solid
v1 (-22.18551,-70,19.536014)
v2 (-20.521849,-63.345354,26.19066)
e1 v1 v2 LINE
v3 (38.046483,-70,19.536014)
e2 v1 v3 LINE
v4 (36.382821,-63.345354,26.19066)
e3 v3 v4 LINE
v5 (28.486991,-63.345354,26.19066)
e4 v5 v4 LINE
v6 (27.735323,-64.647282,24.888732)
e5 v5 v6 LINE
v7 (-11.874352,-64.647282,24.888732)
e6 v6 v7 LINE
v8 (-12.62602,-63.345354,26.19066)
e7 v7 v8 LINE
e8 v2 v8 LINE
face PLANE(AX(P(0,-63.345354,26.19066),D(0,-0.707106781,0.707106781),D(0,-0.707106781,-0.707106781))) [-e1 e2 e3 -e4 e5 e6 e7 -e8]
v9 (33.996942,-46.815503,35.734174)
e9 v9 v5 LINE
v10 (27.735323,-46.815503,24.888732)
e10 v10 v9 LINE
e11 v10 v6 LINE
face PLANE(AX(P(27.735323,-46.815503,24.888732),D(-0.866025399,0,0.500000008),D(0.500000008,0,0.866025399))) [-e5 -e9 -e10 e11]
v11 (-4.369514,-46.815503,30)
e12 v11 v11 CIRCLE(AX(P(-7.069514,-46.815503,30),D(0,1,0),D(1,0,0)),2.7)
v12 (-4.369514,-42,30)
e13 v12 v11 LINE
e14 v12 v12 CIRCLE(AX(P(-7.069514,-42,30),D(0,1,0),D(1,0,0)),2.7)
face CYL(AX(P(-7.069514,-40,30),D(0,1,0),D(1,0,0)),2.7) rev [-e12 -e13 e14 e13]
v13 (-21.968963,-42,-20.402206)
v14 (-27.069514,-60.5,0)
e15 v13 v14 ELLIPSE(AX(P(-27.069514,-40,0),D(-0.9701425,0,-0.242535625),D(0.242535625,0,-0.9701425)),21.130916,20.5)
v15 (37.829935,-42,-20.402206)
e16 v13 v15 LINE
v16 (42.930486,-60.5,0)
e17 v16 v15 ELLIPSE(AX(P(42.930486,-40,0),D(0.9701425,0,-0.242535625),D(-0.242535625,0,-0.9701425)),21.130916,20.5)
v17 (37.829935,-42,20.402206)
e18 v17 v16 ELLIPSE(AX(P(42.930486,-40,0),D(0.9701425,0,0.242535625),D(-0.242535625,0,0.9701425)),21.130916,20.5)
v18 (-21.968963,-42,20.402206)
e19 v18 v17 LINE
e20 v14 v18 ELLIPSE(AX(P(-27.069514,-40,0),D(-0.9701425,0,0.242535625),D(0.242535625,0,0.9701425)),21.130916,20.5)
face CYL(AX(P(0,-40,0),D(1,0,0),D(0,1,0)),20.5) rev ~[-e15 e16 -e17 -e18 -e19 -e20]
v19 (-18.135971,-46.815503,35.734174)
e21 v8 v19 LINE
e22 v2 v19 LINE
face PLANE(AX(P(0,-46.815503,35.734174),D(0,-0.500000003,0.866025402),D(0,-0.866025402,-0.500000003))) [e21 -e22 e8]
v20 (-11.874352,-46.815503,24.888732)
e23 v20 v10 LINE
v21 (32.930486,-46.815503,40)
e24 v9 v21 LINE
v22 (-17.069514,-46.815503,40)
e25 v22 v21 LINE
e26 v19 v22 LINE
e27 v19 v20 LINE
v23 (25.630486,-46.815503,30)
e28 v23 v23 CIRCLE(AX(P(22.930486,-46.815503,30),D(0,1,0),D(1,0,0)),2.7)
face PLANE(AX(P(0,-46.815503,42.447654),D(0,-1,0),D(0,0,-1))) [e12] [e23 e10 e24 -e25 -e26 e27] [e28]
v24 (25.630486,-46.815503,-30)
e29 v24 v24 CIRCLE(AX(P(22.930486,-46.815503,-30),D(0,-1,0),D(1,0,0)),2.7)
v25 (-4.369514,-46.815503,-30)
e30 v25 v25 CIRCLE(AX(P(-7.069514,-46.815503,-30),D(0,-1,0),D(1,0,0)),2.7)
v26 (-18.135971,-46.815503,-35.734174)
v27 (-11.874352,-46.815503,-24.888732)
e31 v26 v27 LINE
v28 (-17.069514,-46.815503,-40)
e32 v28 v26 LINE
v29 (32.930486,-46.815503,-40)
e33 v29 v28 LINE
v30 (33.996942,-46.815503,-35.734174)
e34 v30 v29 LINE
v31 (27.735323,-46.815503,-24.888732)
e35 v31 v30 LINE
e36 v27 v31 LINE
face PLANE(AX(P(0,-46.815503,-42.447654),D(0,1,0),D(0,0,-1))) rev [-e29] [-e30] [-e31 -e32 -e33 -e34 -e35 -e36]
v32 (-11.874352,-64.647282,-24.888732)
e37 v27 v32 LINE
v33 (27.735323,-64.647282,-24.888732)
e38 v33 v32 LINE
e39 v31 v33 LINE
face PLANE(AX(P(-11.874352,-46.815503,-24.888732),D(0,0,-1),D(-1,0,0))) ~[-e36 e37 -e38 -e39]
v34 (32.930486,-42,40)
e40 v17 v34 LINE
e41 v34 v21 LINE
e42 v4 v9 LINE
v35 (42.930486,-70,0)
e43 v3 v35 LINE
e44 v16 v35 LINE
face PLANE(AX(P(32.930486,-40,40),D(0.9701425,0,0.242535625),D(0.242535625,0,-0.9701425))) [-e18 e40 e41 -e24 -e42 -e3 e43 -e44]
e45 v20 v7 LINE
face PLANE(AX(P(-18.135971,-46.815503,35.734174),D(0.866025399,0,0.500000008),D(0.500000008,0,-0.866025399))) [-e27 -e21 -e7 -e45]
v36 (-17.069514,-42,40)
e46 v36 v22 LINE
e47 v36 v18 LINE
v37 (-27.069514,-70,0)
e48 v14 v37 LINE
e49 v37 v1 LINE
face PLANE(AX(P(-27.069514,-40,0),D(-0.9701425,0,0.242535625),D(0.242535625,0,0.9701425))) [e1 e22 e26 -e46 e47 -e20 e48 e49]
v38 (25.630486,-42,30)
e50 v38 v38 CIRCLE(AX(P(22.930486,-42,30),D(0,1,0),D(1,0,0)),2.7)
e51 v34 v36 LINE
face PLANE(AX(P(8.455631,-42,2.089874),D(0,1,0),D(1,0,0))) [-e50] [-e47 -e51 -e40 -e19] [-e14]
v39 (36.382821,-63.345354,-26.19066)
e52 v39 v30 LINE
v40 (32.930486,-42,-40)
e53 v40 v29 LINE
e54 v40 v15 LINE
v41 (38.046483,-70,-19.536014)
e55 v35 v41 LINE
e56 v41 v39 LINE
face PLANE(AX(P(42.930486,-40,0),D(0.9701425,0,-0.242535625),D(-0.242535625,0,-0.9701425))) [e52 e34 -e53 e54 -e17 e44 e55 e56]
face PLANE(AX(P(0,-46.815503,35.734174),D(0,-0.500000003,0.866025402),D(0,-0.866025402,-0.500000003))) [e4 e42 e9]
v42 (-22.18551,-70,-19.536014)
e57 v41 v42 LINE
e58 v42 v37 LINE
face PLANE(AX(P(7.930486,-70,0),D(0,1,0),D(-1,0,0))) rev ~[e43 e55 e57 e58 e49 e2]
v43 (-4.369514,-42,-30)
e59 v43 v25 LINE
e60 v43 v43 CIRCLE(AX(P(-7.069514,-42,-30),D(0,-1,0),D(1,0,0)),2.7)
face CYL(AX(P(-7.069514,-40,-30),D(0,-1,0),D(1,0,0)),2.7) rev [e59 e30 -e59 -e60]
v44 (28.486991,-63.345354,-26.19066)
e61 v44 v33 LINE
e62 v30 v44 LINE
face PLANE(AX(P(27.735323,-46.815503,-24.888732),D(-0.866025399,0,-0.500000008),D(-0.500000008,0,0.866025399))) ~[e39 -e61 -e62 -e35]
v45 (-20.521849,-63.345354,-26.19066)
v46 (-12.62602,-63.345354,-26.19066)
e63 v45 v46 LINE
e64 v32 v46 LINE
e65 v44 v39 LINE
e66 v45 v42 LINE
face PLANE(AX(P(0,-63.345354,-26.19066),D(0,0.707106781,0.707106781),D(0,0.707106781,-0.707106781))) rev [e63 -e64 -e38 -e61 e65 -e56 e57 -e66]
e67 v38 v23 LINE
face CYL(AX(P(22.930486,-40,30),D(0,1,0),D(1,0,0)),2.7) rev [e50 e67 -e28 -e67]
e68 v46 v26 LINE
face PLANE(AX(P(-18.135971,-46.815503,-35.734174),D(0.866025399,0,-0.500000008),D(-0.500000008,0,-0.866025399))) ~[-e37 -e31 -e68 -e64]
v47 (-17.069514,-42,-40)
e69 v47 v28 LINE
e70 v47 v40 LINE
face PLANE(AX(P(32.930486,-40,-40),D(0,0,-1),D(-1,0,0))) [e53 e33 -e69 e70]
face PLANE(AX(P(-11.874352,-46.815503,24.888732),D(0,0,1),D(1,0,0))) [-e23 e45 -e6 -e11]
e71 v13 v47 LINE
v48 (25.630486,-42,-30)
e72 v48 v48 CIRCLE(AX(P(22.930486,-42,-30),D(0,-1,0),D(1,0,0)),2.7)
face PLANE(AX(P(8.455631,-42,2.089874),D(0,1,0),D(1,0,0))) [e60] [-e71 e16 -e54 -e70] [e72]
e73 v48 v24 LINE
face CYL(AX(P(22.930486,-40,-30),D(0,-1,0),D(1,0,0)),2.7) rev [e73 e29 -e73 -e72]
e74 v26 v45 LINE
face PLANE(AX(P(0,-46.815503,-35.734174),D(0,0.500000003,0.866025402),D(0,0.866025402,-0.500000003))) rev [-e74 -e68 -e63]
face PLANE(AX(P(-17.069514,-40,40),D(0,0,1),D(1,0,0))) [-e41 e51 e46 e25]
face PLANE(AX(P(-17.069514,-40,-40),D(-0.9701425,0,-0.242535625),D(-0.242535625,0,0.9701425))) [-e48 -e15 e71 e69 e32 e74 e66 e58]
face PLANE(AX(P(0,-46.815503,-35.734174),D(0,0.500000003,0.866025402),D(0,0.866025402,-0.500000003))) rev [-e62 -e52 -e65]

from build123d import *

# Parameters (mm, degrees)
PAD004_DEPTH         = 30
SKETCH011_R          = 20.5
POCKET004_DEPTH      = 42.931486
POCKET004_DEPTH_BACK = 27.070514
POCKET005_DEPTH      = 263.838706
POCKET005_DEPTH_BACK = 247.977735
SKETCH013_R          = 2.7
POCKET006_DEPTH      = 220.90822
POCKET006_DEPTH_BACK = 250.90822
POCKET007_DEPTH      = 244.092718
SKETCH024_W          = 115.08152
SKETCH024_H          = 98.641312
POCKET017_DEPTH      = 2


with BuildPart() as part:
    # Sketch010 → Pad004 (new body)
    with BuildSketch(Plane.XZ):
        Polygon((-27.069514, 0), (-17.069514, 40), (32.930486, 40), (42.930486, 0), (32.930486, -40), (-17.069514, -40), align=None)
    extrude(amount=PAD004_DEPTH)

    # Sketch011 → Pocket004 (cut, two sides)
    with BuildSketch(Plane.YZ) as pocket004_sk:
        Circle(SKETCH011_R)
    extrude(amount=POCKET004_DEPTH, mode=Mode.SUBTRACT)
    extrude(pocket004_sk.sketch, amount=-POCKET004_DEPTH_BACK, mode=Mode.SUBTRACT)

    # Sketch012 → Pocket005 (cut, two sides)
    with BuildSketch(Plane.YZ) as pocket005_sk:
        Polygon((-36.13987, 42.447654), (-6.815503, 42.447654), (-6.815503, 35.734174), (-23.345354, 26.19066), (-36.13987, 13.396144), align=None)
    pocket005 = extrude(amount=POCKET005_DEPTH, mode=Mode.SUBTRACT) + extrude(pocket005_sk.sketch, amount=-POCKET005_DEPTH_BACK, mode=Mode.SUBTRACT)

    # Mirrored001: Pocket005 across Sketch012 H_Axis
    add(pocket005.mirror(Plane.XY), mode=Mode.SUBTRACT)

    # Sketch013 → Pocket006 (cut, two sides)
    with BuildSketch(Plane.XZ) as pocket006_sk:
        with Locations((-7.069514, 30)):
            Circle(SKETCH013_R)
        with Locations((22.930486, 30)):
            Circle(SKETCH013_R)
    pocket006 = extrude(amount=-POCKET006_DEPTH, mode=Mode.SUBTRACT) + extrude(pocket006_sk.sketch, amount=POCKET006_DEPTH_BACK, mode=Mode.SUBTRACT)

    # Mirrored002: Pocket006 across Sketch013 H_Axis
    add(pocket006.mirror(Plane(origin=(0, 0, 0), x_dir=(0, -1, 0), z_dir=(0, 0, 1))), mode=Mode.SUBTRACT)

    # Sketch014 (on Face5 of Mirrored002) → Pocket007 (cut, through all)
    with BuildSketch(Plane.XZ.offset(6.815503)):
        Polygon((-11.874352, 24.888732), (27.735323, 24.888732), (33.996942, 35.734174), (-18.135971, 35.734174), align=None)
    pocket007 = extrude(amount=POCKET007_DEPTH, mode=Mode.SUBTRACT)

    # Mirrored003: Pocket007 across Sketch014 H_Axis
    add(pocket007.mirror(Plane(origin=(0, -6.815503, 0), x_dir=(0, -1, 0), z_dir=(0, 0, 1))), mode=Mode.SUBTRACT)

    # Sketch024 (on Face12 of Mirrored003) → Pocket017 (cut)
    with BuildSketch(Plane(origin=(0, 0, 0), x_dir=(1, 0, 0), z_dir=(0, 1, 0))):
        with Locations((8.455631, -2.089874)):
            Rectangle(SKETCH024_W, SKETCH024_H)
    extrude(amount=-POCKET017_DEPTH, mode=Mode.SUBTRACT)


with BuildPart() as part_1:
    # Body003 placement: moved
    add(part.part.moved(Location((0, -40, 0))))


solid = part_1.part
